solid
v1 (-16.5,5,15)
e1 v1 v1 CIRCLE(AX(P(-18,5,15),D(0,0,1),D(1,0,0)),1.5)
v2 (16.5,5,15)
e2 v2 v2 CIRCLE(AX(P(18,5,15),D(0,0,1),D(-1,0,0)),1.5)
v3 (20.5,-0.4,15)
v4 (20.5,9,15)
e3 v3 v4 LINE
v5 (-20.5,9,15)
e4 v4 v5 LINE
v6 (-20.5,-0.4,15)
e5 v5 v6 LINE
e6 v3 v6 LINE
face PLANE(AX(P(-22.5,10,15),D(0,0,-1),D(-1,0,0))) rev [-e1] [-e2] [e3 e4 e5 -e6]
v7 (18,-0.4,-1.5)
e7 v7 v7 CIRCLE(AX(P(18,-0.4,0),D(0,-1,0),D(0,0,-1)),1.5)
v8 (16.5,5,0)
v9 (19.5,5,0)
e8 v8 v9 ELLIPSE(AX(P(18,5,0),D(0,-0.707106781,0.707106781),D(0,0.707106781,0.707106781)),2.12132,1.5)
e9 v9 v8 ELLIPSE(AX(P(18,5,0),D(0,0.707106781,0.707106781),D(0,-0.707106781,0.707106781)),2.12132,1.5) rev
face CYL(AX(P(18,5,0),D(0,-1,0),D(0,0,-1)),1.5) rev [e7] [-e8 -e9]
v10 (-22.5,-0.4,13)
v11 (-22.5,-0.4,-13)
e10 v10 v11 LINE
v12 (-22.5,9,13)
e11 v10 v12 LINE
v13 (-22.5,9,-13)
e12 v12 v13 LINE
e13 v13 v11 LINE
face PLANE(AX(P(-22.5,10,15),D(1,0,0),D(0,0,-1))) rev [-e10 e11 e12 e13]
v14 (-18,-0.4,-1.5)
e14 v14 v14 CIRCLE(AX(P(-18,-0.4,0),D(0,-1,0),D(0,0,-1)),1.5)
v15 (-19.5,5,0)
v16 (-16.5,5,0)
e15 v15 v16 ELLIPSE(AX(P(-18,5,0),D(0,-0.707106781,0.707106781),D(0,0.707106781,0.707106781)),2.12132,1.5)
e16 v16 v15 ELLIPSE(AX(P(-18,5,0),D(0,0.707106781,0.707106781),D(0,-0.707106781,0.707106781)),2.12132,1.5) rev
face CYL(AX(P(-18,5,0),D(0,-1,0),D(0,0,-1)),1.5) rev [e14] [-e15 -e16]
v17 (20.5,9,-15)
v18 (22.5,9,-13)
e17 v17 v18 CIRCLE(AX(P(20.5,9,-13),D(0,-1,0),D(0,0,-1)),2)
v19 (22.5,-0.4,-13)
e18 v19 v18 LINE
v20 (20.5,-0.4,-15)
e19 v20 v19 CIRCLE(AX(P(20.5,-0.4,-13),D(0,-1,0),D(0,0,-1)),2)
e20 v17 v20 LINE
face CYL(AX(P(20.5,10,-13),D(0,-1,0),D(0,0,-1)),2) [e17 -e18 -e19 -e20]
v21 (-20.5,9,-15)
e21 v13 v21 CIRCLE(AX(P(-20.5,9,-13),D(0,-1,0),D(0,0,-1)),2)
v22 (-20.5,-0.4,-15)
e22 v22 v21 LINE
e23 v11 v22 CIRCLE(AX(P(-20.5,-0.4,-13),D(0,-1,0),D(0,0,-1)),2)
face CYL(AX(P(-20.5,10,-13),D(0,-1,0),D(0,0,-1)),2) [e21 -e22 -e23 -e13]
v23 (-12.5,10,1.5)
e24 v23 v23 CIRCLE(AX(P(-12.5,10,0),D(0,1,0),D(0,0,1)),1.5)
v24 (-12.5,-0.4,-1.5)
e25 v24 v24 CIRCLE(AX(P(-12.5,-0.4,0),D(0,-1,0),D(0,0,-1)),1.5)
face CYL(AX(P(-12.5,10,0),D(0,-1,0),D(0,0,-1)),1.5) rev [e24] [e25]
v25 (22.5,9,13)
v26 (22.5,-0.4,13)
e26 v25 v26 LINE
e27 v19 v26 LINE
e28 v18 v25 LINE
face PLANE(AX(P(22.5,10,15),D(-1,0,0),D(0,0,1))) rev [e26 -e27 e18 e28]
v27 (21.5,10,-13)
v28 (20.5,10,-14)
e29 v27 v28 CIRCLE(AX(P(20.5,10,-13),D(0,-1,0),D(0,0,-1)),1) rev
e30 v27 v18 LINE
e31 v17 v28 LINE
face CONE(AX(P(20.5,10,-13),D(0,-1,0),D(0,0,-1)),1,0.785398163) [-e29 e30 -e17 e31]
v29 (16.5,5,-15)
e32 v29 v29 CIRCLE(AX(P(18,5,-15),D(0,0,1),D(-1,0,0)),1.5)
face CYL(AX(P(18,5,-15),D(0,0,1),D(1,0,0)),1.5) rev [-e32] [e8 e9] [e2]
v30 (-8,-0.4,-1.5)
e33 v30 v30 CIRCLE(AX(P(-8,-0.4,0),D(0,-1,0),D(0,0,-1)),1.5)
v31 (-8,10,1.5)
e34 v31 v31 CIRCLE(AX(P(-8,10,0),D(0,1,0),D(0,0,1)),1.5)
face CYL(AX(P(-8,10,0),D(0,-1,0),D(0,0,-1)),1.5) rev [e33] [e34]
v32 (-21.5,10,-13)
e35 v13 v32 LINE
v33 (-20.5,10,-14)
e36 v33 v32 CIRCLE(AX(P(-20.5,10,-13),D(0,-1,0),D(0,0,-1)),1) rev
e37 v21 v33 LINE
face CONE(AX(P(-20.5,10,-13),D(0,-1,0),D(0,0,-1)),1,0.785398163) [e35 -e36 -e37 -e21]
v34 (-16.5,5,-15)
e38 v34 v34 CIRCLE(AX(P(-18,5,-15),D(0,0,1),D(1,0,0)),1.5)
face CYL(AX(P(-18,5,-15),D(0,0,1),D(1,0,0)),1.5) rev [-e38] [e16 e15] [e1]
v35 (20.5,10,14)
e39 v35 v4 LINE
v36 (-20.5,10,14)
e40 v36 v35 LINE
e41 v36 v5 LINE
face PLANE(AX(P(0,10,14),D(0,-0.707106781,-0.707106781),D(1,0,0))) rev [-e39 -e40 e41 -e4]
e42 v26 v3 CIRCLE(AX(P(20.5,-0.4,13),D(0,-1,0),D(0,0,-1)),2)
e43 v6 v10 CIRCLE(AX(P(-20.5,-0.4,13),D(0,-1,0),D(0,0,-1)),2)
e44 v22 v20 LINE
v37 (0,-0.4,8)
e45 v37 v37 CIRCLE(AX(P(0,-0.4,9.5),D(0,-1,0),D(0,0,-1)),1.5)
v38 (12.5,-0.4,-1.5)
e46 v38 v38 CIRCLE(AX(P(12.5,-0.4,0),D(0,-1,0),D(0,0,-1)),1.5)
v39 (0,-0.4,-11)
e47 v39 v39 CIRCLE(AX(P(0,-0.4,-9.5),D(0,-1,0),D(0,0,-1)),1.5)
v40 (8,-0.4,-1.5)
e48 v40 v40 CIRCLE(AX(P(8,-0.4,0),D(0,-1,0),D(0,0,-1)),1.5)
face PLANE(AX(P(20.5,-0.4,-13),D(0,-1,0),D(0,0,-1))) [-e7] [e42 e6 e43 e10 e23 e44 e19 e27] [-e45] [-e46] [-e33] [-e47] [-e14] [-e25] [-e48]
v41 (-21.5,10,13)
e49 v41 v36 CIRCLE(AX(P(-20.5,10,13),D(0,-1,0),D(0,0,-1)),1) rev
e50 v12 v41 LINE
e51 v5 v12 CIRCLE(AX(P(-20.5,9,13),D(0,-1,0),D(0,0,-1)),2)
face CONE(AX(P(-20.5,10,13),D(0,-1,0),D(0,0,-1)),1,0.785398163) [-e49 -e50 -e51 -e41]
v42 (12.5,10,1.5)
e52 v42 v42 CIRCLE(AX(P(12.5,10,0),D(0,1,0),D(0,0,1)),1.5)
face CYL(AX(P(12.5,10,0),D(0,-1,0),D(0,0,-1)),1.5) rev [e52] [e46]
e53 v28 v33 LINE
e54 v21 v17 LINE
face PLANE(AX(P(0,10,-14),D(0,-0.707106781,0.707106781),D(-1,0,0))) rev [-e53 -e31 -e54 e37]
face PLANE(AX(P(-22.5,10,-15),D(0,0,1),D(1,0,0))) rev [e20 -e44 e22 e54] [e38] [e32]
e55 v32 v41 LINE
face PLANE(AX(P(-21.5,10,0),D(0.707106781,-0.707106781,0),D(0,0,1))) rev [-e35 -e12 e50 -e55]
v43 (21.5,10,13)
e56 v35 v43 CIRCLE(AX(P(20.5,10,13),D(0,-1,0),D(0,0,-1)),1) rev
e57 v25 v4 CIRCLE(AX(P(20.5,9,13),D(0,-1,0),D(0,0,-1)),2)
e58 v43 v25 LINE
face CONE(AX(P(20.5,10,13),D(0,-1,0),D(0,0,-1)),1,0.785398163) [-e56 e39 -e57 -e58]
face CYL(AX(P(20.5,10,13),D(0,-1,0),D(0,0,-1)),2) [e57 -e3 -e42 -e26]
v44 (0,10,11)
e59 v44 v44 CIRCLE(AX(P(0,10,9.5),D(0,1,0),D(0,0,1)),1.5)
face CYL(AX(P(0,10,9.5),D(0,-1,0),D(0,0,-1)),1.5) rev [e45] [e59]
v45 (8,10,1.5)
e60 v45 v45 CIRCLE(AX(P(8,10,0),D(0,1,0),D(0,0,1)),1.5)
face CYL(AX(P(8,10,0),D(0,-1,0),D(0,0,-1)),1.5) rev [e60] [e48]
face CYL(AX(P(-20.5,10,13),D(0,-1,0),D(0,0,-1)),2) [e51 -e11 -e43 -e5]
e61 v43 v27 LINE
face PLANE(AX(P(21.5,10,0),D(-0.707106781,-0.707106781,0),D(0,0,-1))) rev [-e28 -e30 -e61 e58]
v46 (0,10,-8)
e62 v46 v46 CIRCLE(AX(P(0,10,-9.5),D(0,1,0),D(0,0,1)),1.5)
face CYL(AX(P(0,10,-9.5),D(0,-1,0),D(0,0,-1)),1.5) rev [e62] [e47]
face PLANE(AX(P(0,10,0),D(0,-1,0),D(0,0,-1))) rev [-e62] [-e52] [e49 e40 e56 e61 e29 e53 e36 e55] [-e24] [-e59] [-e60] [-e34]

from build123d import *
from build123d.topology import SkipClean

# Parameters (mm, degrees)
SKETCH_1_W          = 45
SKETCH_1_H          = 30
SKETCH_1_R          = 1.5
EXTRUDE_1_DEPTH     = 10
SKETCH_2_R          = 1.5
CUT_EXTRUDE_1_DEPTH = 39.810436741
FILLET_1_R          = 2
CHAMFER_2_SIZE      = 1
SKETCH_3_R          = 1.5
CUT_EXTRUDE_2_DEPTH = 5
EXTRUDE_START       = 0.4
SKETCH_4_R          = 1.5
EXTRUDE_2_DEPTH     = 0.4


with BuildPart() as part:
    # 스케치1 → 보스-돌출1 (new body)
    with BuildSketch(Plane(origin=(0, 0, 0), x_dir=(1, 0, 0), z_dir=(0, 1, 0))):
        Rectangle(SKETCH_1_W, SKETCH_1_H)
        with Locations(Location((-8, 0, 0), (0, 0, 270))):
            Circle(SKETCH_1_R, mode=Mode.SUBTRACT)
        with Locations(Location((8, 0, 0), (0, 0, 270))):
            Circle(SKETCH_1_R, mode=Mode.SUBTRACT)
        with Locations(Location((0, 9.5, 0), (0, 0, 270))):
            Circle(SKETCH_1_R, mode=Mode.SUBTRACT)
        with Locations(Location((0, -9.5, 0), (0, 0, 270))):
            Circle(SKETCH_1_R, mode=Mode.SUBTRACT)
        with Locations(Location((-12.5, 0, 0), (0, 0, 270))):
            Circle(SKETCH_1_R, mode=Mode.SUBTRACT)
        with Locations(Location((12.5, 0, 0), (0, 0, 270))):
            Circle(SKETCH_1_R, mode=Mode.SUBTRACT)
    extrude(amount=EXTRUDE_1_DEPTH)

    # 스케치2 → 컷-돌출1 (cut, through all)
    with BuildSketch(Plane.XY.offset(15)):
        with Locations((-18, 5)):
            Circle(SKETCH_2_R)
        with Locations(Location((18, 5, 0), (0, 0, 180))):
            Circle(SKETCH_2_R)
    extrude(amount=-CUT_EXTRUDE_1_DEPTH, mode=Mode.SUBTRACT)

    # 필렛1
    fillet_1_edges = [part.edges().sort_by_distance(p)[0] for p in [
        (22.5, 5, 15),
        (-22.5, 5, 15),
        (-22.5, 5, -15),
        (22.5, 5, -15),
    ]]
    fillet(fillet_1_edges, radius=FILLET_1_R)

    # 모따기2
    chamfer_2_edges = [part.edges().sort_by_distance(p)[0] for p in [
        (22.5, 10, 0),
        (0, 10, 15),
        (0, 10, -15),
        (-22.5, 10, 0),
        (-21.914213562, 10, 14.414213562),
        (-21.914213562, 10, -14.414213562),
        (21.914213562, 10, -14.414213562),
        (21.914213562, 10, 14.414213562),
    ]]
    chamfer(chamfer_2_edges, length=CHAMFER_2_SIZE)

    # 스케치3 → 컷-돌출2 (cut)
    with BuildSketch(Plane.XZ):
        with Locations(Location((-18, 0, 0), (0, 0, 270))):
            Circle(SKETCH_3_R)
        with Locations((18, 0)):
            Circle(SKETCH_3_R)
    extrude(amount=-CUT_EXTRUDE_2_DEPTH, mode=Mode.SUBTRACT)

    # 스케치4 → 보스-돌출2 (add)
    with SkipClean():  # the faces are left unmerged after this step: merging them gives an invalid solid
        with BuildSketch(Plane.XZ.offset(EXTRUDE_START)):
            with BuildLine():
                Line((22.5, -13), (22.5, 13))
                ThreePointArc((22.5, 13), (21.914213562, 14.414213562), (20.5, 15))
                Line((20.5, 15), (-20.5, 15))
                ThreePointArc((-20.5, 15), (-21.914213562, 14.414213562), (-22.5, 13))
                Line((-22.5, 13), (-22.5, -13))
                ThreePointArc((-22.5, -13), (-21.914213562, -14.414213562), (-20.5, -15))
                Line((-20.5, -15), (20.5, -15))
                ThreePointArc((20.5, -15), (21.914213562, -14.414213562), (22.5, -13))
            make_face()
            with Locations(Location((-18, 0, 0), (0, 0, 270))):
                Circle(SKETCH_4_R, mode=Mode.SUBTRACT)
            with Locations(Location((-12.5, 0, 0), (0, 0, 270))):
                Circle(SKETCH_4_R, mode=Mode.SUBTRACT)
            with Locations(Location((-8, 0, 0), (0, 0, 270))):
                Circle(SKETCH_4_R, mode=Mode.SUBTRACT)
            with Locations(Location((0, -9.5, 0), (0, 0, 270))):
                Circle(SKETCH_4_R, mode=Mode.SUBTRACT)
            with Locations(Location((8, 0, 0), (0, 0, 270))):
                Circle(SKETCH_4_R, mode=Mode.SUBTRACT)
            with Locations(Location((12.5, 0, 0), (0, 0, 270))):
                Circle(SKETCH_4_R, mode=Mode.SUBTRACT)
            with Locations(Location((0, 9.5, 0), (0, 0, 270))):
                Circle(SKETCH_4_R, mode=Mode.SUBTRACT)
            with Locations(Location((18, 0, 0), (0, 0, 270))):
                Circle(SKETCH_4_R, mode=Mode.SUBTRACT)
        extrude(amount=-EXTRUDE_2_DEPTH)


solid = part.part
